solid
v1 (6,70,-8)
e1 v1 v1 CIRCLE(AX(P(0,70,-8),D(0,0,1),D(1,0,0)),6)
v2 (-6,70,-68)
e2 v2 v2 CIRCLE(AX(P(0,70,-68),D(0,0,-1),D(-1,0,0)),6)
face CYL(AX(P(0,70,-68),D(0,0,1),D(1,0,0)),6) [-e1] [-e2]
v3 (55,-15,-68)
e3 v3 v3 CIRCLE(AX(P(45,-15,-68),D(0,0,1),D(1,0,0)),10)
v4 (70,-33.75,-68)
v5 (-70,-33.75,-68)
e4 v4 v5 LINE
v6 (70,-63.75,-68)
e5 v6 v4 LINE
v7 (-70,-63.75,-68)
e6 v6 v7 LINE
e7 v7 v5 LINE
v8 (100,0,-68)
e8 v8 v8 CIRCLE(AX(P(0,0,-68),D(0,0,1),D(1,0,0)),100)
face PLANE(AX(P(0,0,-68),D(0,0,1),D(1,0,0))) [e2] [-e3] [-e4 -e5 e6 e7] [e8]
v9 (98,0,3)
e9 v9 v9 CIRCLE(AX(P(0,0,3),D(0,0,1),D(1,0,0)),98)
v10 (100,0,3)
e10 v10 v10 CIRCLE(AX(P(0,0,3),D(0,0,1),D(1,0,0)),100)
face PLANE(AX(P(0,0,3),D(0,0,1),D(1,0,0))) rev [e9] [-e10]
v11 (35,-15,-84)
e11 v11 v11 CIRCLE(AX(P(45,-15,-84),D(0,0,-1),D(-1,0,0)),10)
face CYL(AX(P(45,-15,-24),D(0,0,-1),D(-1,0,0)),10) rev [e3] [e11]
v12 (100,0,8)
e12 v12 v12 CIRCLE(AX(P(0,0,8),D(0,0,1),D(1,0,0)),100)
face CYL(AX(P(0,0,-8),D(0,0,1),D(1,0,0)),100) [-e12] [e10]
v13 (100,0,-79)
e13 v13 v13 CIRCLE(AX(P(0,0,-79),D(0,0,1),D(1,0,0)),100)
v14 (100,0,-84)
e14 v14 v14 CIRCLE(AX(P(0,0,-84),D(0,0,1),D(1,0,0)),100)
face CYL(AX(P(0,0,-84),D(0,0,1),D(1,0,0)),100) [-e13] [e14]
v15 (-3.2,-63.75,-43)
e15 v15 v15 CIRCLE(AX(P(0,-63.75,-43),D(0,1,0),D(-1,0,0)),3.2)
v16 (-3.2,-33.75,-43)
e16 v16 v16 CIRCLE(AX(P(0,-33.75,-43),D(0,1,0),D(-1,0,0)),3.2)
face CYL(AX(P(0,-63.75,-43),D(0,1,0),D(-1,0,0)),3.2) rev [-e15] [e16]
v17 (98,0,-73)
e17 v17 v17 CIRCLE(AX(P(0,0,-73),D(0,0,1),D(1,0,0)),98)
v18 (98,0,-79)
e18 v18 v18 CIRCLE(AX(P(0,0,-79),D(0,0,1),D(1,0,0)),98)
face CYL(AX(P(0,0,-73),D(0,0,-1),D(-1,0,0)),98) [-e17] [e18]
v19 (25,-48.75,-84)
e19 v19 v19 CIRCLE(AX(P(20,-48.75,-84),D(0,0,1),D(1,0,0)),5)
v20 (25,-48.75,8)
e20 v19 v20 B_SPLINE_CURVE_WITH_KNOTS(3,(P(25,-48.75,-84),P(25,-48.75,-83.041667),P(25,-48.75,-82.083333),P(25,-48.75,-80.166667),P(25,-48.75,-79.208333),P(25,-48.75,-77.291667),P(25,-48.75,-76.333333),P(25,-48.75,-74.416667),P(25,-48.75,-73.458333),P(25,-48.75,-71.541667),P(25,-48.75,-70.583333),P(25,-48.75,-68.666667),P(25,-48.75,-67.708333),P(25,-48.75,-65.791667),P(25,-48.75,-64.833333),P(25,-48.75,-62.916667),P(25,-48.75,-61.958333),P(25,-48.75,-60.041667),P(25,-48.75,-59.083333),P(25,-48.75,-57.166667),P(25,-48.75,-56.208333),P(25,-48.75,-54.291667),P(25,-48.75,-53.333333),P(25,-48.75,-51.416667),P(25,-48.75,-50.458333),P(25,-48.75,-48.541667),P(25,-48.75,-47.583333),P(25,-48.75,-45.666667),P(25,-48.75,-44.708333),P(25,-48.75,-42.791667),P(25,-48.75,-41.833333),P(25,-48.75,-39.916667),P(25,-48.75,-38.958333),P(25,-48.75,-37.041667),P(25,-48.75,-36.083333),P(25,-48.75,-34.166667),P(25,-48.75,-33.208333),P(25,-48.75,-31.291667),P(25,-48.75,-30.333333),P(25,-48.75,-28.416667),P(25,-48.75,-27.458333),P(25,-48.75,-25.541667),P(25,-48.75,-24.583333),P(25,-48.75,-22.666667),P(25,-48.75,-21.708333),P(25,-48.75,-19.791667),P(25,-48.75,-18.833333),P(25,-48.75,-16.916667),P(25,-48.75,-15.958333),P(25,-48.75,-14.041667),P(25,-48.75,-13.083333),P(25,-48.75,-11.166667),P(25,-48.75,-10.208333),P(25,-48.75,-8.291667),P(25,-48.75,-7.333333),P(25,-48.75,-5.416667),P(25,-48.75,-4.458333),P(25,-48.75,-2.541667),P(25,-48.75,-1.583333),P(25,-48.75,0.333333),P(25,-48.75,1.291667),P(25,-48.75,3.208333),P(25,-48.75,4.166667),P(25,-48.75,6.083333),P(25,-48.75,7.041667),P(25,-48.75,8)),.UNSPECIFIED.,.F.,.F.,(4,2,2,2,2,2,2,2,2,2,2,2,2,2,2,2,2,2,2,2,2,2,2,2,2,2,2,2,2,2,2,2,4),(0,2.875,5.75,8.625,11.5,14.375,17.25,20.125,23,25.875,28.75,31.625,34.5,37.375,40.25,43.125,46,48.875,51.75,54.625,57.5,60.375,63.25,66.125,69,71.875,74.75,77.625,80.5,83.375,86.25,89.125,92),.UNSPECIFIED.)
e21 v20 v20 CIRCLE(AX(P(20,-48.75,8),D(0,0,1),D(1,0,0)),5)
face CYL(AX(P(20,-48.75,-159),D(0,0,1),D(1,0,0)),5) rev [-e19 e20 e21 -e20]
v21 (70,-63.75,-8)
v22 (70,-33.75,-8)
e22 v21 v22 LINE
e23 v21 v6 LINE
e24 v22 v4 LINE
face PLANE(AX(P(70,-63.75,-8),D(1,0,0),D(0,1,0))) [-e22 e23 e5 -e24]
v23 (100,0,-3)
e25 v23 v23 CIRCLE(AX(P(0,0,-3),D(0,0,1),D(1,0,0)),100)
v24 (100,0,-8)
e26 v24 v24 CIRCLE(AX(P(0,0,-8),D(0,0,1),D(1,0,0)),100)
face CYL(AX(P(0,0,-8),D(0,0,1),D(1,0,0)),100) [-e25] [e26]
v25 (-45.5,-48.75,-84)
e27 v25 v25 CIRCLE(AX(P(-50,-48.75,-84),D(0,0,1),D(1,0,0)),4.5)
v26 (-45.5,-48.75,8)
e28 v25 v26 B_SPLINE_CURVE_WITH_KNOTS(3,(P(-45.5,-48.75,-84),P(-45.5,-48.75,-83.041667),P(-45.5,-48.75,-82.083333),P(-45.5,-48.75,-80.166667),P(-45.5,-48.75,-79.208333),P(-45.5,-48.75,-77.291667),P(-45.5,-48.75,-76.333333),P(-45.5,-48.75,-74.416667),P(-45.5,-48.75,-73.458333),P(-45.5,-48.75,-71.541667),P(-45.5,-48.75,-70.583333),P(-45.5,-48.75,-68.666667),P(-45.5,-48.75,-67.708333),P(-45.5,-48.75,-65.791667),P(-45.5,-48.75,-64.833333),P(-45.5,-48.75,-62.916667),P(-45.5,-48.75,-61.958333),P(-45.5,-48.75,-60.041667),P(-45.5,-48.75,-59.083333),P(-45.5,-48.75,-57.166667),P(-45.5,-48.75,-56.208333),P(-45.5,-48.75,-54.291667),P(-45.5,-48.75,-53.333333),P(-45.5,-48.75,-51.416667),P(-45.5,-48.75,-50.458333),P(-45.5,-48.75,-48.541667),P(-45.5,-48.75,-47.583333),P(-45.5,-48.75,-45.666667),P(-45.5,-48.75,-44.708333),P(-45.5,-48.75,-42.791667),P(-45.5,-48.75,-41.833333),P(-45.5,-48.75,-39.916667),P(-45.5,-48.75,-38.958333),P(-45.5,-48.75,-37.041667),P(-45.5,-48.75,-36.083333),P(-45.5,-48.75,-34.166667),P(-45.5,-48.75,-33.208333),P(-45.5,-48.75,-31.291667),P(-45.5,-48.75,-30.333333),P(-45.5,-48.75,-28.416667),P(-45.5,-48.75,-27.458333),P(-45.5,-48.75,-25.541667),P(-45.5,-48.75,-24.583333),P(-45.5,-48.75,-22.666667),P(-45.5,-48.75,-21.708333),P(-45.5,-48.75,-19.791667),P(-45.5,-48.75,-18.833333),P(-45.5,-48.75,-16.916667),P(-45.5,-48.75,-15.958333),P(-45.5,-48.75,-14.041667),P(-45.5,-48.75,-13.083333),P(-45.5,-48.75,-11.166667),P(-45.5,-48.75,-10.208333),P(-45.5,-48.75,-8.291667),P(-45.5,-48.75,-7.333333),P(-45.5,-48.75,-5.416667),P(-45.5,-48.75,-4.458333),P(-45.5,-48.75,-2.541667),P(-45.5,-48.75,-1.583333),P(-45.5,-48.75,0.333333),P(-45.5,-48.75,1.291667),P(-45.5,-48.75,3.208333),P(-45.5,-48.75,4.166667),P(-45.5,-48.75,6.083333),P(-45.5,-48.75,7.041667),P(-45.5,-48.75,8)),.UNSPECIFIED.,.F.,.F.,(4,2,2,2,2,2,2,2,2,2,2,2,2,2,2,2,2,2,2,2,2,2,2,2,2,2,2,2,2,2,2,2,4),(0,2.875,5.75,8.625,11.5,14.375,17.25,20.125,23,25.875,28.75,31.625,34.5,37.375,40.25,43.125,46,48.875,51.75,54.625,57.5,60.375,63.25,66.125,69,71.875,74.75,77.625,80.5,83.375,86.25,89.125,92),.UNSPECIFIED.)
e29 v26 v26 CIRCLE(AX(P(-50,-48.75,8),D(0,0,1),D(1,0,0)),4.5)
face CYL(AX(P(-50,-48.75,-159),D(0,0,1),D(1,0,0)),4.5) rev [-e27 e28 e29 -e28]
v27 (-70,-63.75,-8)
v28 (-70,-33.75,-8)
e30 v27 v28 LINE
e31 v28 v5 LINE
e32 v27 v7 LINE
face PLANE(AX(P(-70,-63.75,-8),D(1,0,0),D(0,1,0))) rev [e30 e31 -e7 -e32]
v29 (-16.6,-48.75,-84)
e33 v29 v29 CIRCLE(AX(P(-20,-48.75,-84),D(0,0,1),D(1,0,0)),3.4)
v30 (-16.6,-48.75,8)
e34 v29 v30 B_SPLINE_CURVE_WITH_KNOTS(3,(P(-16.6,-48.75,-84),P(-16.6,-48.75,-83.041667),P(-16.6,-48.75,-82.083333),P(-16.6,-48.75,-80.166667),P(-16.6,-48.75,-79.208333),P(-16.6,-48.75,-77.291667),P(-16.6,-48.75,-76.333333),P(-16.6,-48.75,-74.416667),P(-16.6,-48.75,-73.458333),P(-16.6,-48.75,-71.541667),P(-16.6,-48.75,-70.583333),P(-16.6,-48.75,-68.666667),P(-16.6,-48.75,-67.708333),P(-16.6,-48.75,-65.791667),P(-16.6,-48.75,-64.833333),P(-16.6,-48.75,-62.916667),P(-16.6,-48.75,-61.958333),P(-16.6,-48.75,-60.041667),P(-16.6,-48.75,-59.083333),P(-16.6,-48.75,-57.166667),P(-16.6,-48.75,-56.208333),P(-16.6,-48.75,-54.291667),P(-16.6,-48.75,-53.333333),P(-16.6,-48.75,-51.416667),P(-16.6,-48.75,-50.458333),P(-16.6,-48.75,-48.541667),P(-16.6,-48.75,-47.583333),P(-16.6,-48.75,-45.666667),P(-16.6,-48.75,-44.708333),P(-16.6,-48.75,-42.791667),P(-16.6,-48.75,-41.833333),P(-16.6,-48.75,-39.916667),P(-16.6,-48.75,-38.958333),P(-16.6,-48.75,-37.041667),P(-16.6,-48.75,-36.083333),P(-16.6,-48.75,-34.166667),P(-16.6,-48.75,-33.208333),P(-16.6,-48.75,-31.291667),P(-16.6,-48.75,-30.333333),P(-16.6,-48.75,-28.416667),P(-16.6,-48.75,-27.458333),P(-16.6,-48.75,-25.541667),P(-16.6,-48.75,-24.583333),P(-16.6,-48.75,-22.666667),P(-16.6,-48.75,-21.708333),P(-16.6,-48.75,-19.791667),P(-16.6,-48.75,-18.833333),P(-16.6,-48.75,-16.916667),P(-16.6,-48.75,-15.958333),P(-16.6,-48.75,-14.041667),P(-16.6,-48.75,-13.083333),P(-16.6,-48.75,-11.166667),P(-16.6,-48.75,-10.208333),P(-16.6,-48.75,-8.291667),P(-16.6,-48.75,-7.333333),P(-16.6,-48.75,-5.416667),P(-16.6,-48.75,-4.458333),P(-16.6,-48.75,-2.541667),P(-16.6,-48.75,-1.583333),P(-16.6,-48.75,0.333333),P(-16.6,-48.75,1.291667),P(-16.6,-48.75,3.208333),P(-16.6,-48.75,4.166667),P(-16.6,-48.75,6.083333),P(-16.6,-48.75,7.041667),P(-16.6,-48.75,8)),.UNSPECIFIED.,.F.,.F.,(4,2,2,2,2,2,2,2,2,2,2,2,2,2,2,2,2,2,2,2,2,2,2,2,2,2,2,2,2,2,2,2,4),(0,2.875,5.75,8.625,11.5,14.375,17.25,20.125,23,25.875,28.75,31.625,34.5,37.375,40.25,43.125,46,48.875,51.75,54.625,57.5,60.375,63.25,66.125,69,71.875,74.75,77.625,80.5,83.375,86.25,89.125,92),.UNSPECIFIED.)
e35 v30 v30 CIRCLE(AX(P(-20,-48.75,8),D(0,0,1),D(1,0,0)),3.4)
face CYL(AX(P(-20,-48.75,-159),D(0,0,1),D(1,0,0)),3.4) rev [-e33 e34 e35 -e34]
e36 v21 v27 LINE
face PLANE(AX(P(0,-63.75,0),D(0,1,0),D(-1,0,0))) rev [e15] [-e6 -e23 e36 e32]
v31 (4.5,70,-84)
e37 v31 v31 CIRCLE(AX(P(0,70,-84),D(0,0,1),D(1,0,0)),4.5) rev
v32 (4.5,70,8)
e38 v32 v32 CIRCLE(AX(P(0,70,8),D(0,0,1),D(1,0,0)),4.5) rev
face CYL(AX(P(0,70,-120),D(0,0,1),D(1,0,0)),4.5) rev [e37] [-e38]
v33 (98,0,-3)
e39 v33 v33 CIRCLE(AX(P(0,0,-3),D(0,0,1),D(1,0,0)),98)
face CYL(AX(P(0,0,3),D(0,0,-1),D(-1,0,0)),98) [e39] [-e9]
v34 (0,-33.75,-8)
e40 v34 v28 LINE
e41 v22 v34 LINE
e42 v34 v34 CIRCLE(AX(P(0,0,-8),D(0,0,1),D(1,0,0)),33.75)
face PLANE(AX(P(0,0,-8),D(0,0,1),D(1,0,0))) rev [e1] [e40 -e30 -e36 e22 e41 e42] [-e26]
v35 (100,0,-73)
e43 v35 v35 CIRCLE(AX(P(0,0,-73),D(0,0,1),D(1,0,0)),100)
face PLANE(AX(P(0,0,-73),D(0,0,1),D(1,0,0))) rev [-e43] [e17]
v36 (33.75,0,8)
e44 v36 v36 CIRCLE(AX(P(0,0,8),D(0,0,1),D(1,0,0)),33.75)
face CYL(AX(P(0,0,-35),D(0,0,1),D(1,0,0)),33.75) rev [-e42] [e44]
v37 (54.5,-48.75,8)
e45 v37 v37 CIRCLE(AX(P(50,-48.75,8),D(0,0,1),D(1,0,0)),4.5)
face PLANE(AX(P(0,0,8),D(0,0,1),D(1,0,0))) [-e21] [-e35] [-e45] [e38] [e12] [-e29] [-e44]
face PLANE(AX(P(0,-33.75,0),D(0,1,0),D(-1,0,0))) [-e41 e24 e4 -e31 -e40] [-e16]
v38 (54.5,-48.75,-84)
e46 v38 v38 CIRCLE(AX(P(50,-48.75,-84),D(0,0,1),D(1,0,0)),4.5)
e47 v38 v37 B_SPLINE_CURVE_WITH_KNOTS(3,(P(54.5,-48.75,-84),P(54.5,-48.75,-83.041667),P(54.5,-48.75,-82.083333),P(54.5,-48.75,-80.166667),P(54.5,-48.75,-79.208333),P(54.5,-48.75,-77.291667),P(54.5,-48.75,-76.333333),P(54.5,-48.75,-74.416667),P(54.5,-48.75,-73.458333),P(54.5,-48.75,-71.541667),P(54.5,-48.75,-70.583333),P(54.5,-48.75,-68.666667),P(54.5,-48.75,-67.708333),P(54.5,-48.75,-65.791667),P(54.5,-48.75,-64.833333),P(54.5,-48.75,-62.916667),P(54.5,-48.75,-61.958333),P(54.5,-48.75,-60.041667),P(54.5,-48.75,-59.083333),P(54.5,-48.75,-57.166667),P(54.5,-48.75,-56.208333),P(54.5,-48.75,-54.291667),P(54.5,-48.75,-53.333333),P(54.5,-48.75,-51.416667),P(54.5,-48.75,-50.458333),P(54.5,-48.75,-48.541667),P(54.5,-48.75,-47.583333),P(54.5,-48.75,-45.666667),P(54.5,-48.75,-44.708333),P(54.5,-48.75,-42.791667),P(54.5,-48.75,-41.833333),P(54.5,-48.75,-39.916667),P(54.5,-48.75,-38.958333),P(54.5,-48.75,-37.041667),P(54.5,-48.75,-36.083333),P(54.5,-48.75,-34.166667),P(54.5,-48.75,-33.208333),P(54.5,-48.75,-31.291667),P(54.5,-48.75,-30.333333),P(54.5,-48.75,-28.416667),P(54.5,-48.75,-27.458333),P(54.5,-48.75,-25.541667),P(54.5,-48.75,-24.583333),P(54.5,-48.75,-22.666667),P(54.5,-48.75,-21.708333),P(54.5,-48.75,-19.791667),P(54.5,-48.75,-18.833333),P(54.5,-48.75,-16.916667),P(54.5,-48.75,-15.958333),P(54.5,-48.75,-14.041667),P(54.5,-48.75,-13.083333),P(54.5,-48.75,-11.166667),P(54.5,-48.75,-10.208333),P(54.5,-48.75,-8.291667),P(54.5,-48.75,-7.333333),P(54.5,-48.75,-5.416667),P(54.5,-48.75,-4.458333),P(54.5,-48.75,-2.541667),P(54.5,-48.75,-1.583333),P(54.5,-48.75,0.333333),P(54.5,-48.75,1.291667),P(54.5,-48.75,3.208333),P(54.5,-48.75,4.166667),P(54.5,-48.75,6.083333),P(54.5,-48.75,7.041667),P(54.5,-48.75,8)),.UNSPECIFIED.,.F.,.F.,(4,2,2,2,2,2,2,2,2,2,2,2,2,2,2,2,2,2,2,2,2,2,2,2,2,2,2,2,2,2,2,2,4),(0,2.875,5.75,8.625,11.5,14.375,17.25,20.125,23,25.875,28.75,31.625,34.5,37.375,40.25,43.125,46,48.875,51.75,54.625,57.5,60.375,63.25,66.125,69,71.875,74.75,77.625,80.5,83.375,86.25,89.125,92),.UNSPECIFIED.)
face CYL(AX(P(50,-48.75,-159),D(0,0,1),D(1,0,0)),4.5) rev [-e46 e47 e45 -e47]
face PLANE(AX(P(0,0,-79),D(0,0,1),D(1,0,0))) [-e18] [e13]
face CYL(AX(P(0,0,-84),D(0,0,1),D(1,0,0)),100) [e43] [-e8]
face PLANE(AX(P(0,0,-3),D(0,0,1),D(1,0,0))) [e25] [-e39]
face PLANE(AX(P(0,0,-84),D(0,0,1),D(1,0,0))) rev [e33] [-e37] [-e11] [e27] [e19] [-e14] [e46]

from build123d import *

# Parameters (mm, degrees)
BOSS_EXTRUDE1_DEPTH      = 8
BOSS_EXTRUDE1_DEPTH_BACK = 8
SKETCH2_R                = 100
CUT_EXTRUDE1_DEPTH       = 3
CUT_EXTRUDE1_DEPTH_BACK  = 3
SKETCH2_5_R              = 100
SKETCH2_5_R_2            = 98
LPATTERN1_COUNT          = 2
LPATTERN1_PITCH          = 76
SKETCH5_W                = 140
SKETCH5_H                = 60
SKETCH5_R                = 3.2
BOSS_EXTRUDE2_DEPTH      = 30
SKETCH7_R                = 4.5
SKETCH7_R_2              = 3.4
SKETCH7_R_3              = 5
CUT_EXTRUDE2_DEPTH       = 167
SKETCH3_R                = 33.75
CUT_EXTRUDE3_DEPTH       = 43
SKETCH10_R               = 6
BOSS_EXTRUDE3_DEPTH      = 60
CUT_EXTRUDE4_DEPTH       = 112
CUT_EXTRUDE4_DEPTH_BACK  = 60
SKETCH10_4_R             = 4.5
SKETCH11_R               = 10
CUT_EXTRUDE5_DEPTH       = 60


with BuildPart() as part:
    # Sketch2 → Boss-Extrude1 (new, two sides: drawn at the far end of the back side and taken through both)
    with BuildSketch(Plane.XY.offset(-BOSS_EXTRUDE1_DEPTH_BACK)):
        Circle(SKETCH2_R)
    extrude(amount=BOSS_EXTRUDE1_DEPTH + BOSS_EXTRUDE1_DEPTH_BACK)

    # Sketch2<5> → Cut-Extrude1 (cut, two sides: drawn at the far end of the back side and taken through both)
    with BuildSketch(Plane.XY.offset(-CUT_EXTRUDE1_DEPTH_BACK)):
        Circle(SKETCH2_5_R)
        Circle(SKETCH2_5_R_2, mode=Mode.SUBTRACT)
    extrude(amount=CUT_EXTRUDE1_DEPTH + CUT_EXTRUDE1_DEPTH_BACK, mode=Mode.SUBTRACT)


with BuildPart() as lpattern1_1:
    # LPattern1: pattern copy
    add(part.part.moved(Location(Vector(0, 0, -1) * (1 * LPATTERN1_PITCH))))


with BuildPart() as part_1:
    add(part.part)

    # Sketch5 → Boss-Extrude2 (add)
    with BuildSketch(Plane(origin=(0, -33.75, 0), x_dir=(1, 0, 0), z_dir=(0, 1, 0))):
        with Locations((0, 38)):
            Rectangle(SKETCH5_W, SKETCH5_H)
        with Locations((0, 43)):
            Circle(SKETCH5_R, mode=Mode.SUBTRACT)
    extrude(amount=-BOSS_EXTRUDE2_DEPTH)


with BuildPart() as cut_extrude2_tool:
    # Sketch7 → Cut-Extrude2 (new body)
    with BuildSketch(Plane.XY.offset(8)):
        with Locations((-50, -48.75)):
            Circle(SKETCH7_R)
        with Locations((50, -48.75)):
            Circle(SKETCH7_R)
        with Locations((-20, -48.75)):
            Circle(SKETCH7_R_2)
        with Locations((20, -48.75)):
            Circle(SKETCH7_R_3)
    extrude(amount=-CUT_EXTRUDE2_DEPTH)


with BuildPart() as part_2:
    add(part_1.part)

    # Cut-Extrude2: cut by cut_extrude2_tool
    add(cut_extrude2_tool.part, mode=Mode.SUBTRACT)

    # Sketch3 → Cut-Extrude3 (cut)
    with BuildSketch(Plane.XY.offset(8)):
        Circle(SKETCH3_R)
    extrude(amount=-CUT_EXTRUDE3_DEPTH, mode=Mode.SUBTRACT)



with BuildPart() as lpattern1_1_1:
    add(lpattern1_1.part)

    # Cut-Extrude2: cut by cut_extrude2_tool
    add(cut_extrude2_tool.part, mode=Mode.SUBTRACT)


with BuildPart() as part_3:
    add(part_2.part)

    add(lpattern1_1_1.part)  # Boss-Extrude3 merges LPattern1_1
    # Sketch10 → Boss-Extrude3 (add)
    with BuildSketch(Plane(origin=(0, 0, -8), x_dir=(-1, 0, 0), z_dir=(0, 0, -1))):
        with Locations((0, 70)):
            Circle(SKETCH10_R)
    extrude(amount=BOSS_EXTRUDE3_DEPTH)

    # Sketch10<4> → Cut-Extrude4 (cut, two sides: drawn at the far end of the back side and taken through both)
    with BuildSketch(Plane(origin=(0, 0, -8), x_dir=(-1, 0, 0), z_dir=(0, 0, -1)).offset(-CUT_EXTRUDE4_DEPTH_BACK)):
        with Locations((0, 70)):
            Circle(SKETCH10_4_R)
    extrude(amount=CUT_EXTRUDE4_DEPTH + CUT_EXTRUDE4_DEPTH_BACK, mode=Mode.SUBTRACT)

    # Sketch11 → Cut-Extrude5 (cut)
    with BuildSketch(Plane(origin=(0, 0, -84), x_dir=(-1, 0, 0), z_dir=(0, 0, -1))):
        with Locations((-45, -15)):
            Circle(SKETCH11_R)
    extrude(amount=-CUT_EXTRUDE5_DEPTH, mode=Mode.SUBTRACT)


solid = part_3.part
